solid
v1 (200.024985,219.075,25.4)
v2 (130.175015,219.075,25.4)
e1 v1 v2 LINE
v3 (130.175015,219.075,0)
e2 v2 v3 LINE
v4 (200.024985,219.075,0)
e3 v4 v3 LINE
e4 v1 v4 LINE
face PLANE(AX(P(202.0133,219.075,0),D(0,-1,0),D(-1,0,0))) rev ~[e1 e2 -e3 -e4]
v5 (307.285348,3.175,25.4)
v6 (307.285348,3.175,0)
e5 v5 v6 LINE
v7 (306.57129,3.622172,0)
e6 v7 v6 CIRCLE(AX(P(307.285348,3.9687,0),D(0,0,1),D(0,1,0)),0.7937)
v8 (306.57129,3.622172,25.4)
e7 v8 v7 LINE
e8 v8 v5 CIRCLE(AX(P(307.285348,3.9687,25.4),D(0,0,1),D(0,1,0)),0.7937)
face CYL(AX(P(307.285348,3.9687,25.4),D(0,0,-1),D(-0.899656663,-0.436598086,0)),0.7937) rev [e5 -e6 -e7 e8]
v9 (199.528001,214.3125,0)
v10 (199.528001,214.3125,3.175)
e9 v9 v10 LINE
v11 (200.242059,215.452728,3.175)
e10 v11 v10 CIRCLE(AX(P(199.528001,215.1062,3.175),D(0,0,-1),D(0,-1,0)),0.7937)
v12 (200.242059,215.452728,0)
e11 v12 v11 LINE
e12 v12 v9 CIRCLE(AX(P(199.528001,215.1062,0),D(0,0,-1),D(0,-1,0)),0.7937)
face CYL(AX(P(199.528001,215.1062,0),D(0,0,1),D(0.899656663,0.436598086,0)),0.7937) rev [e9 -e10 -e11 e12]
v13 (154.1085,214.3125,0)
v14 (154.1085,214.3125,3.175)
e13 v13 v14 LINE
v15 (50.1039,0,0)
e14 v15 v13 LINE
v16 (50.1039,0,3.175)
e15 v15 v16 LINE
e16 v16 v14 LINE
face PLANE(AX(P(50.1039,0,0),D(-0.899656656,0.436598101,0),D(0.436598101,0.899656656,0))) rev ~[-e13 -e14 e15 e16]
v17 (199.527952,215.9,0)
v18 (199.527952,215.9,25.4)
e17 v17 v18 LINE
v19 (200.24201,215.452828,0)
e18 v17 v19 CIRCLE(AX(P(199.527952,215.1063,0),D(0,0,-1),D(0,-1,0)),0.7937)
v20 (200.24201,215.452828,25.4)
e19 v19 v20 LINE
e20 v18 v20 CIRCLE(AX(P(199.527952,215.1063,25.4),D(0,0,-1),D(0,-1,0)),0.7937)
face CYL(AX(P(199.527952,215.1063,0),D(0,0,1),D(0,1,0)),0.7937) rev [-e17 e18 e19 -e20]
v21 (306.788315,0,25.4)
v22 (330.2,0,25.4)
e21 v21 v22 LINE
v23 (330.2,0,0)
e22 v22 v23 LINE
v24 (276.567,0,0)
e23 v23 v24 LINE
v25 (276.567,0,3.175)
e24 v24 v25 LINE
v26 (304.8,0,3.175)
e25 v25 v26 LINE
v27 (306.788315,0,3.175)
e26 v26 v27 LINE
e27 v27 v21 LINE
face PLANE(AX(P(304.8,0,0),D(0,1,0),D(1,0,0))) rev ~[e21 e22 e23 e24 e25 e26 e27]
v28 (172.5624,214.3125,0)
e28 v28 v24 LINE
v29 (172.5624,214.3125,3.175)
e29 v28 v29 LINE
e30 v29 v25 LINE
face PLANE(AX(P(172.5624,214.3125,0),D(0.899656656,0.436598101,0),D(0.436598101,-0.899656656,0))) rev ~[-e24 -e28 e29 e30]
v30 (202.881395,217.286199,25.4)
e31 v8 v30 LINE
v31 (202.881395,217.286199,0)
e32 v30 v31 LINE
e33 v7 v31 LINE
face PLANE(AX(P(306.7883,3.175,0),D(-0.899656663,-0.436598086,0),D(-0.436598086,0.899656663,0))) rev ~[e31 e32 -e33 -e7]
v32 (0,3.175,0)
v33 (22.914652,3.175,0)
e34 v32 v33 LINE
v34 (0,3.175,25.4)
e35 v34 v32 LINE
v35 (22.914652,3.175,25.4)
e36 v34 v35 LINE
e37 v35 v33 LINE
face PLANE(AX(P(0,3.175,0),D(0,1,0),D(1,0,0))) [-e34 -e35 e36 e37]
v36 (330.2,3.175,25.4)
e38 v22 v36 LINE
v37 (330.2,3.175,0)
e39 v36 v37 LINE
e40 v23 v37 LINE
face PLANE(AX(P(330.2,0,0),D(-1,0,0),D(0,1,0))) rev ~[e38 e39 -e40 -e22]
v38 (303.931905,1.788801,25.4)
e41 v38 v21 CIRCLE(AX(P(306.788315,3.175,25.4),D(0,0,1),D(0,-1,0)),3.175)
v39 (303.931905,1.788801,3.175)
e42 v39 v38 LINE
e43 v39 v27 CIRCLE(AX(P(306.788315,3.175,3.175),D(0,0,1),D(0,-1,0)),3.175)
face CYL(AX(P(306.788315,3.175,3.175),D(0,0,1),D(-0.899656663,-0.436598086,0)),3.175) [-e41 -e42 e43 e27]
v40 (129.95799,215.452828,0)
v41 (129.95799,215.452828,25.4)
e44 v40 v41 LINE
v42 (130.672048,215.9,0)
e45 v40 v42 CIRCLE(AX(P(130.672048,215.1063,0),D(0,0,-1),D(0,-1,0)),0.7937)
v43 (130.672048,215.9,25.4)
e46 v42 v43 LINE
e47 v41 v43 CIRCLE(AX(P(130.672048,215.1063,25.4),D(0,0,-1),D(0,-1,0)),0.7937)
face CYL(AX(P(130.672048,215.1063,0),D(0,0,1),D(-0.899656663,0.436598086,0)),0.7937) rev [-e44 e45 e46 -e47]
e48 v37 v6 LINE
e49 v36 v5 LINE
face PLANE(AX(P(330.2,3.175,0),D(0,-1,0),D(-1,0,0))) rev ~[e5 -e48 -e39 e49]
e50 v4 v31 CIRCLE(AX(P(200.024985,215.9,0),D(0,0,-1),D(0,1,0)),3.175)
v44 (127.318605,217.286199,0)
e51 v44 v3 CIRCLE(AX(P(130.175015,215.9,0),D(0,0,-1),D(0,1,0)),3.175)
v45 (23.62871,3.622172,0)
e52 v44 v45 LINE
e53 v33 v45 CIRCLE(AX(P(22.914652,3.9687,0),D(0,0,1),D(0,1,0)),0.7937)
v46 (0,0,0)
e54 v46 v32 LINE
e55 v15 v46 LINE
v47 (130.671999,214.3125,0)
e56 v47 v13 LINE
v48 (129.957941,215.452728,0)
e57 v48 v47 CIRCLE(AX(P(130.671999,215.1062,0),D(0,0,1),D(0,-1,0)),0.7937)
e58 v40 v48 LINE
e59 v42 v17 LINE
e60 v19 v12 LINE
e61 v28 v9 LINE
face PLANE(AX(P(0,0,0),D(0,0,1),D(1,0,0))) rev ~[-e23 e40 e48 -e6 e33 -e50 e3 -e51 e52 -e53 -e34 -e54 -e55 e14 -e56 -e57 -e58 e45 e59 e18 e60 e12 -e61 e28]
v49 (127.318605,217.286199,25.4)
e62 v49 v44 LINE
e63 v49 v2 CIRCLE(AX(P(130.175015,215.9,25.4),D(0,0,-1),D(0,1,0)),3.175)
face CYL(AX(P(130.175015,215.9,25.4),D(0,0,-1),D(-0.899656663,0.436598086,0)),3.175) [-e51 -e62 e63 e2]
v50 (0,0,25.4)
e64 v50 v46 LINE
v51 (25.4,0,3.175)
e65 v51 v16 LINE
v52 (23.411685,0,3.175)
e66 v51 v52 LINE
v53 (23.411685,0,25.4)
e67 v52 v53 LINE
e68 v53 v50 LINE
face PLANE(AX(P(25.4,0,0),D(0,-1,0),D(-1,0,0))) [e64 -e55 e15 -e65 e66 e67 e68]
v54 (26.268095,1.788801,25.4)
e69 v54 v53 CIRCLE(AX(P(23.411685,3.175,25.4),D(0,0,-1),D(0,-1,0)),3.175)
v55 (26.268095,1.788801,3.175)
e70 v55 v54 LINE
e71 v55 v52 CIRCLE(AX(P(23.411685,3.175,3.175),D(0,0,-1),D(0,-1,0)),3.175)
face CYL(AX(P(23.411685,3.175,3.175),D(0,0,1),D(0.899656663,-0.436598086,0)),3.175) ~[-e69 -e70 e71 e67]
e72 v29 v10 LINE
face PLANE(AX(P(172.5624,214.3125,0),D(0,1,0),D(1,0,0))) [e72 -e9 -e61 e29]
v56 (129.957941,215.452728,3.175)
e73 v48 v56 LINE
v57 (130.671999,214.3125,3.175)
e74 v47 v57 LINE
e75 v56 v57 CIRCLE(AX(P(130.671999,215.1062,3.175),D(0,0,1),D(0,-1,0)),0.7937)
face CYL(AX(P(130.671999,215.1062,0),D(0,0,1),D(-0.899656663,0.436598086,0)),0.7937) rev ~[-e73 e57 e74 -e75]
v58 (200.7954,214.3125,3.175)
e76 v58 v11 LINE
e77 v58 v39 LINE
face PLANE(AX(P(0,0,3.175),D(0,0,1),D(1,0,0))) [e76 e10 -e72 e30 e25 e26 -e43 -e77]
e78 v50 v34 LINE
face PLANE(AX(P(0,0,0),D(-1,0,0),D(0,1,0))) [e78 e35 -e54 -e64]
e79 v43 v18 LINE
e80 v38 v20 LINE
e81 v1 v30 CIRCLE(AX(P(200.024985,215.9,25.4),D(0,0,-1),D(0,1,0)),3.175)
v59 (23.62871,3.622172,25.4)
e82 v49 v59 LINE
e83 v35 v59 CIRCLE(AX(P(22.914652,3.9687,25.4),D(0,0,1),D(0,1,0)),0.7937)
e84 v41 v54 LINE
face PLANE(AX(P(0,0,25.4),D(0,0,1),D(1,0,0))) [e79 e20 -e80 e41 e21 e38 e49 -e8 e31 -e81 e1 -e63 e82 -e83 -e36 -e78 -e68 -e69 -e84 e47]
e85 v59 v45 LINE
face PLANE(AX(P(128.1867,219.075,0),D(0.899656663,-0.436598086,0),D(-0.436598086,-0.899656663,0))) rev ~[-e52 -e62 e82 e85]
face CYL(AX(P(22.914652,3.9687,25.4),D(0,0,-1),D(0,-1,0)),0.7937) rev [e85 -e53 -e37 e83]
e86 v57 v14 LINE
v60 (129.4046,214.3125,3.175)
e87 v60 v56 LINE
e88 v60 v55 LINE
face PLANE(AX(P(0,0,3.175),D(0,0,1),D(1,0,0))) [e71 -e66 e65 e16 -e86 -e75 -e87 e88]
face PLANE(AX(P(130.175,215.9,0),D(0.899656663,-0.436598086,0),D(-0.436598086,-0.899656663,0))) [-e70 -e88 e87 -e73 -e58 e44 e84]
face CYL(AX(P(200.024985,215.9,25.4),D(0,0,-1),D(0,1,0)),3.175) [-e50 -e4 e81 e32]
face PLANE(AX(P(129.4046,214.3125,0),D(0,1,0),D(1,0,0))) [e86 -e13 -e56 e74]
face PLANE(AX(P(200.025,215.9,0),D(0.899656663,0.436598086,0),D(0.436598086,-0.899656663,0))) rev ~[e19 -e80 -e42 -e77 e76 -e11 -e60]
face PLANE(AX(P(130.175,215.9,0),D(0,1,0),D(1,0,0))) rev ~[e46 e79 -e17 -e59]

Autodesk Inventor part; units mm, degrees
ref_plane "YZ Plane" through (0, 0, 0) normal (1, 0, 0) x (0, 1, 0)
ref_plane "XZ Plane" through (0, 0, 0) normal (0, 1, 0) x (-1, 0, 0)
ref_plane "XY Plane" through (0, 0, 0) normal (0, 0, 1) x (1, 0, 0)
sketch "Sketch1" plane through (0, 0, 0) normal (0, 0, 1) x (1, 0, 0)
  line L0 (130.175, 215.9) -> (200.025, 215.9)
  line L1 (130.175, 215.9) -> (25.4, 0)
  line L2 (200.025, 215.9) -> (304.8, 0)
  line L3 (306.7883, 3.175) -> (202.0133, 219.075)
  line L4 (202.0133, 219.075) -> (128.1867, 219.075)
  line L5 (128.1867, 219.075) -> (23.4117, 3.175)
  line L6 (25.4, 0) -> (50.1039, 0)
  line L7 (50.1039, 0) -> (154.1085, 214.3125)
  line L8 (172.5624, 214.3125) -> (276.567, 0)
  line L9 (276.567, 0) -> (304.8, 0)
  line L10 (129.4046, 214.3125) -> (154.1085, 214.3125)
  line L11 (172.5624, 214.3125) -> (200.7954, 214.3125)
  line L12 (50.1039, 0) -> (276.567, 0) construction
  line L13 (25.4, 0) -> (0, 0)
  line L14 (0, 0) -> (0, 3.175)
  line L15 (0, 3.175) -> (23.4117, 3.175)
  line L16 (304.8, 0) -> (330.2, 0)
  line L17 (330.2, 0) -> (330.2, 3.175)
  line L18 (330.2, 3.175) -> (306.7883, 3.175)
  dimension "d1" = 69.85
  dimension "d5" = 3.175
  dimension "d34" = 22.225
  dimension "d35" = 25.4
  dimension "d37" = 1.5875
  dimension "d41" = 3.175
  dimension "d43" = 219.075
  dimension "d44" = 3.175
  dimension "d45" = 64.113
  dimension "d46" = 64.113
  dimension "d47" = 3.175
  dimension "d48" = 25.4
  dimension "d49" = 25.4
  dimension "d50" = 330.2
extrude "Extrusion1" add sketch "Sketch1" along normal blind 25.4 contours L1 L13 L14 L15 L5 L4 L3 L18 L17 L16 L2 L0
extrude "Extrusion2" add sketch "Sketch1" along normal blind 3.175
fillet "Fillet1" radius 0.7937 6 edges at (130.175, 215.9, 12.7) (200.025, 215.9, 12.7) (200.7954, 214.3125, 1.5875) (129.4046, 214.3125, 1.5875) (23.4117, 3.175, 12.7) (306.7883, 3.175, 12.7)
fillet "Fillet2" radius 3.175 4 edges at (128.1867, 219.075, 12.7) (202.0133, 219.075, 12.7) (25.4, 0, 14.2875) (304.8, 0, 14.2875)
equation "\"d5\" = d4"
equation "\"d37\" = d36"
equation "\"d44\" = d41"
equation "\"d45\" = d46"
equation "\"d47\" = d41"
equation "\"d49\" = d48"
equation "\"d36\" = 0.5 * d5"
equation "\"d4\" = 3.175"
properties part number "8 ball lift frame"
